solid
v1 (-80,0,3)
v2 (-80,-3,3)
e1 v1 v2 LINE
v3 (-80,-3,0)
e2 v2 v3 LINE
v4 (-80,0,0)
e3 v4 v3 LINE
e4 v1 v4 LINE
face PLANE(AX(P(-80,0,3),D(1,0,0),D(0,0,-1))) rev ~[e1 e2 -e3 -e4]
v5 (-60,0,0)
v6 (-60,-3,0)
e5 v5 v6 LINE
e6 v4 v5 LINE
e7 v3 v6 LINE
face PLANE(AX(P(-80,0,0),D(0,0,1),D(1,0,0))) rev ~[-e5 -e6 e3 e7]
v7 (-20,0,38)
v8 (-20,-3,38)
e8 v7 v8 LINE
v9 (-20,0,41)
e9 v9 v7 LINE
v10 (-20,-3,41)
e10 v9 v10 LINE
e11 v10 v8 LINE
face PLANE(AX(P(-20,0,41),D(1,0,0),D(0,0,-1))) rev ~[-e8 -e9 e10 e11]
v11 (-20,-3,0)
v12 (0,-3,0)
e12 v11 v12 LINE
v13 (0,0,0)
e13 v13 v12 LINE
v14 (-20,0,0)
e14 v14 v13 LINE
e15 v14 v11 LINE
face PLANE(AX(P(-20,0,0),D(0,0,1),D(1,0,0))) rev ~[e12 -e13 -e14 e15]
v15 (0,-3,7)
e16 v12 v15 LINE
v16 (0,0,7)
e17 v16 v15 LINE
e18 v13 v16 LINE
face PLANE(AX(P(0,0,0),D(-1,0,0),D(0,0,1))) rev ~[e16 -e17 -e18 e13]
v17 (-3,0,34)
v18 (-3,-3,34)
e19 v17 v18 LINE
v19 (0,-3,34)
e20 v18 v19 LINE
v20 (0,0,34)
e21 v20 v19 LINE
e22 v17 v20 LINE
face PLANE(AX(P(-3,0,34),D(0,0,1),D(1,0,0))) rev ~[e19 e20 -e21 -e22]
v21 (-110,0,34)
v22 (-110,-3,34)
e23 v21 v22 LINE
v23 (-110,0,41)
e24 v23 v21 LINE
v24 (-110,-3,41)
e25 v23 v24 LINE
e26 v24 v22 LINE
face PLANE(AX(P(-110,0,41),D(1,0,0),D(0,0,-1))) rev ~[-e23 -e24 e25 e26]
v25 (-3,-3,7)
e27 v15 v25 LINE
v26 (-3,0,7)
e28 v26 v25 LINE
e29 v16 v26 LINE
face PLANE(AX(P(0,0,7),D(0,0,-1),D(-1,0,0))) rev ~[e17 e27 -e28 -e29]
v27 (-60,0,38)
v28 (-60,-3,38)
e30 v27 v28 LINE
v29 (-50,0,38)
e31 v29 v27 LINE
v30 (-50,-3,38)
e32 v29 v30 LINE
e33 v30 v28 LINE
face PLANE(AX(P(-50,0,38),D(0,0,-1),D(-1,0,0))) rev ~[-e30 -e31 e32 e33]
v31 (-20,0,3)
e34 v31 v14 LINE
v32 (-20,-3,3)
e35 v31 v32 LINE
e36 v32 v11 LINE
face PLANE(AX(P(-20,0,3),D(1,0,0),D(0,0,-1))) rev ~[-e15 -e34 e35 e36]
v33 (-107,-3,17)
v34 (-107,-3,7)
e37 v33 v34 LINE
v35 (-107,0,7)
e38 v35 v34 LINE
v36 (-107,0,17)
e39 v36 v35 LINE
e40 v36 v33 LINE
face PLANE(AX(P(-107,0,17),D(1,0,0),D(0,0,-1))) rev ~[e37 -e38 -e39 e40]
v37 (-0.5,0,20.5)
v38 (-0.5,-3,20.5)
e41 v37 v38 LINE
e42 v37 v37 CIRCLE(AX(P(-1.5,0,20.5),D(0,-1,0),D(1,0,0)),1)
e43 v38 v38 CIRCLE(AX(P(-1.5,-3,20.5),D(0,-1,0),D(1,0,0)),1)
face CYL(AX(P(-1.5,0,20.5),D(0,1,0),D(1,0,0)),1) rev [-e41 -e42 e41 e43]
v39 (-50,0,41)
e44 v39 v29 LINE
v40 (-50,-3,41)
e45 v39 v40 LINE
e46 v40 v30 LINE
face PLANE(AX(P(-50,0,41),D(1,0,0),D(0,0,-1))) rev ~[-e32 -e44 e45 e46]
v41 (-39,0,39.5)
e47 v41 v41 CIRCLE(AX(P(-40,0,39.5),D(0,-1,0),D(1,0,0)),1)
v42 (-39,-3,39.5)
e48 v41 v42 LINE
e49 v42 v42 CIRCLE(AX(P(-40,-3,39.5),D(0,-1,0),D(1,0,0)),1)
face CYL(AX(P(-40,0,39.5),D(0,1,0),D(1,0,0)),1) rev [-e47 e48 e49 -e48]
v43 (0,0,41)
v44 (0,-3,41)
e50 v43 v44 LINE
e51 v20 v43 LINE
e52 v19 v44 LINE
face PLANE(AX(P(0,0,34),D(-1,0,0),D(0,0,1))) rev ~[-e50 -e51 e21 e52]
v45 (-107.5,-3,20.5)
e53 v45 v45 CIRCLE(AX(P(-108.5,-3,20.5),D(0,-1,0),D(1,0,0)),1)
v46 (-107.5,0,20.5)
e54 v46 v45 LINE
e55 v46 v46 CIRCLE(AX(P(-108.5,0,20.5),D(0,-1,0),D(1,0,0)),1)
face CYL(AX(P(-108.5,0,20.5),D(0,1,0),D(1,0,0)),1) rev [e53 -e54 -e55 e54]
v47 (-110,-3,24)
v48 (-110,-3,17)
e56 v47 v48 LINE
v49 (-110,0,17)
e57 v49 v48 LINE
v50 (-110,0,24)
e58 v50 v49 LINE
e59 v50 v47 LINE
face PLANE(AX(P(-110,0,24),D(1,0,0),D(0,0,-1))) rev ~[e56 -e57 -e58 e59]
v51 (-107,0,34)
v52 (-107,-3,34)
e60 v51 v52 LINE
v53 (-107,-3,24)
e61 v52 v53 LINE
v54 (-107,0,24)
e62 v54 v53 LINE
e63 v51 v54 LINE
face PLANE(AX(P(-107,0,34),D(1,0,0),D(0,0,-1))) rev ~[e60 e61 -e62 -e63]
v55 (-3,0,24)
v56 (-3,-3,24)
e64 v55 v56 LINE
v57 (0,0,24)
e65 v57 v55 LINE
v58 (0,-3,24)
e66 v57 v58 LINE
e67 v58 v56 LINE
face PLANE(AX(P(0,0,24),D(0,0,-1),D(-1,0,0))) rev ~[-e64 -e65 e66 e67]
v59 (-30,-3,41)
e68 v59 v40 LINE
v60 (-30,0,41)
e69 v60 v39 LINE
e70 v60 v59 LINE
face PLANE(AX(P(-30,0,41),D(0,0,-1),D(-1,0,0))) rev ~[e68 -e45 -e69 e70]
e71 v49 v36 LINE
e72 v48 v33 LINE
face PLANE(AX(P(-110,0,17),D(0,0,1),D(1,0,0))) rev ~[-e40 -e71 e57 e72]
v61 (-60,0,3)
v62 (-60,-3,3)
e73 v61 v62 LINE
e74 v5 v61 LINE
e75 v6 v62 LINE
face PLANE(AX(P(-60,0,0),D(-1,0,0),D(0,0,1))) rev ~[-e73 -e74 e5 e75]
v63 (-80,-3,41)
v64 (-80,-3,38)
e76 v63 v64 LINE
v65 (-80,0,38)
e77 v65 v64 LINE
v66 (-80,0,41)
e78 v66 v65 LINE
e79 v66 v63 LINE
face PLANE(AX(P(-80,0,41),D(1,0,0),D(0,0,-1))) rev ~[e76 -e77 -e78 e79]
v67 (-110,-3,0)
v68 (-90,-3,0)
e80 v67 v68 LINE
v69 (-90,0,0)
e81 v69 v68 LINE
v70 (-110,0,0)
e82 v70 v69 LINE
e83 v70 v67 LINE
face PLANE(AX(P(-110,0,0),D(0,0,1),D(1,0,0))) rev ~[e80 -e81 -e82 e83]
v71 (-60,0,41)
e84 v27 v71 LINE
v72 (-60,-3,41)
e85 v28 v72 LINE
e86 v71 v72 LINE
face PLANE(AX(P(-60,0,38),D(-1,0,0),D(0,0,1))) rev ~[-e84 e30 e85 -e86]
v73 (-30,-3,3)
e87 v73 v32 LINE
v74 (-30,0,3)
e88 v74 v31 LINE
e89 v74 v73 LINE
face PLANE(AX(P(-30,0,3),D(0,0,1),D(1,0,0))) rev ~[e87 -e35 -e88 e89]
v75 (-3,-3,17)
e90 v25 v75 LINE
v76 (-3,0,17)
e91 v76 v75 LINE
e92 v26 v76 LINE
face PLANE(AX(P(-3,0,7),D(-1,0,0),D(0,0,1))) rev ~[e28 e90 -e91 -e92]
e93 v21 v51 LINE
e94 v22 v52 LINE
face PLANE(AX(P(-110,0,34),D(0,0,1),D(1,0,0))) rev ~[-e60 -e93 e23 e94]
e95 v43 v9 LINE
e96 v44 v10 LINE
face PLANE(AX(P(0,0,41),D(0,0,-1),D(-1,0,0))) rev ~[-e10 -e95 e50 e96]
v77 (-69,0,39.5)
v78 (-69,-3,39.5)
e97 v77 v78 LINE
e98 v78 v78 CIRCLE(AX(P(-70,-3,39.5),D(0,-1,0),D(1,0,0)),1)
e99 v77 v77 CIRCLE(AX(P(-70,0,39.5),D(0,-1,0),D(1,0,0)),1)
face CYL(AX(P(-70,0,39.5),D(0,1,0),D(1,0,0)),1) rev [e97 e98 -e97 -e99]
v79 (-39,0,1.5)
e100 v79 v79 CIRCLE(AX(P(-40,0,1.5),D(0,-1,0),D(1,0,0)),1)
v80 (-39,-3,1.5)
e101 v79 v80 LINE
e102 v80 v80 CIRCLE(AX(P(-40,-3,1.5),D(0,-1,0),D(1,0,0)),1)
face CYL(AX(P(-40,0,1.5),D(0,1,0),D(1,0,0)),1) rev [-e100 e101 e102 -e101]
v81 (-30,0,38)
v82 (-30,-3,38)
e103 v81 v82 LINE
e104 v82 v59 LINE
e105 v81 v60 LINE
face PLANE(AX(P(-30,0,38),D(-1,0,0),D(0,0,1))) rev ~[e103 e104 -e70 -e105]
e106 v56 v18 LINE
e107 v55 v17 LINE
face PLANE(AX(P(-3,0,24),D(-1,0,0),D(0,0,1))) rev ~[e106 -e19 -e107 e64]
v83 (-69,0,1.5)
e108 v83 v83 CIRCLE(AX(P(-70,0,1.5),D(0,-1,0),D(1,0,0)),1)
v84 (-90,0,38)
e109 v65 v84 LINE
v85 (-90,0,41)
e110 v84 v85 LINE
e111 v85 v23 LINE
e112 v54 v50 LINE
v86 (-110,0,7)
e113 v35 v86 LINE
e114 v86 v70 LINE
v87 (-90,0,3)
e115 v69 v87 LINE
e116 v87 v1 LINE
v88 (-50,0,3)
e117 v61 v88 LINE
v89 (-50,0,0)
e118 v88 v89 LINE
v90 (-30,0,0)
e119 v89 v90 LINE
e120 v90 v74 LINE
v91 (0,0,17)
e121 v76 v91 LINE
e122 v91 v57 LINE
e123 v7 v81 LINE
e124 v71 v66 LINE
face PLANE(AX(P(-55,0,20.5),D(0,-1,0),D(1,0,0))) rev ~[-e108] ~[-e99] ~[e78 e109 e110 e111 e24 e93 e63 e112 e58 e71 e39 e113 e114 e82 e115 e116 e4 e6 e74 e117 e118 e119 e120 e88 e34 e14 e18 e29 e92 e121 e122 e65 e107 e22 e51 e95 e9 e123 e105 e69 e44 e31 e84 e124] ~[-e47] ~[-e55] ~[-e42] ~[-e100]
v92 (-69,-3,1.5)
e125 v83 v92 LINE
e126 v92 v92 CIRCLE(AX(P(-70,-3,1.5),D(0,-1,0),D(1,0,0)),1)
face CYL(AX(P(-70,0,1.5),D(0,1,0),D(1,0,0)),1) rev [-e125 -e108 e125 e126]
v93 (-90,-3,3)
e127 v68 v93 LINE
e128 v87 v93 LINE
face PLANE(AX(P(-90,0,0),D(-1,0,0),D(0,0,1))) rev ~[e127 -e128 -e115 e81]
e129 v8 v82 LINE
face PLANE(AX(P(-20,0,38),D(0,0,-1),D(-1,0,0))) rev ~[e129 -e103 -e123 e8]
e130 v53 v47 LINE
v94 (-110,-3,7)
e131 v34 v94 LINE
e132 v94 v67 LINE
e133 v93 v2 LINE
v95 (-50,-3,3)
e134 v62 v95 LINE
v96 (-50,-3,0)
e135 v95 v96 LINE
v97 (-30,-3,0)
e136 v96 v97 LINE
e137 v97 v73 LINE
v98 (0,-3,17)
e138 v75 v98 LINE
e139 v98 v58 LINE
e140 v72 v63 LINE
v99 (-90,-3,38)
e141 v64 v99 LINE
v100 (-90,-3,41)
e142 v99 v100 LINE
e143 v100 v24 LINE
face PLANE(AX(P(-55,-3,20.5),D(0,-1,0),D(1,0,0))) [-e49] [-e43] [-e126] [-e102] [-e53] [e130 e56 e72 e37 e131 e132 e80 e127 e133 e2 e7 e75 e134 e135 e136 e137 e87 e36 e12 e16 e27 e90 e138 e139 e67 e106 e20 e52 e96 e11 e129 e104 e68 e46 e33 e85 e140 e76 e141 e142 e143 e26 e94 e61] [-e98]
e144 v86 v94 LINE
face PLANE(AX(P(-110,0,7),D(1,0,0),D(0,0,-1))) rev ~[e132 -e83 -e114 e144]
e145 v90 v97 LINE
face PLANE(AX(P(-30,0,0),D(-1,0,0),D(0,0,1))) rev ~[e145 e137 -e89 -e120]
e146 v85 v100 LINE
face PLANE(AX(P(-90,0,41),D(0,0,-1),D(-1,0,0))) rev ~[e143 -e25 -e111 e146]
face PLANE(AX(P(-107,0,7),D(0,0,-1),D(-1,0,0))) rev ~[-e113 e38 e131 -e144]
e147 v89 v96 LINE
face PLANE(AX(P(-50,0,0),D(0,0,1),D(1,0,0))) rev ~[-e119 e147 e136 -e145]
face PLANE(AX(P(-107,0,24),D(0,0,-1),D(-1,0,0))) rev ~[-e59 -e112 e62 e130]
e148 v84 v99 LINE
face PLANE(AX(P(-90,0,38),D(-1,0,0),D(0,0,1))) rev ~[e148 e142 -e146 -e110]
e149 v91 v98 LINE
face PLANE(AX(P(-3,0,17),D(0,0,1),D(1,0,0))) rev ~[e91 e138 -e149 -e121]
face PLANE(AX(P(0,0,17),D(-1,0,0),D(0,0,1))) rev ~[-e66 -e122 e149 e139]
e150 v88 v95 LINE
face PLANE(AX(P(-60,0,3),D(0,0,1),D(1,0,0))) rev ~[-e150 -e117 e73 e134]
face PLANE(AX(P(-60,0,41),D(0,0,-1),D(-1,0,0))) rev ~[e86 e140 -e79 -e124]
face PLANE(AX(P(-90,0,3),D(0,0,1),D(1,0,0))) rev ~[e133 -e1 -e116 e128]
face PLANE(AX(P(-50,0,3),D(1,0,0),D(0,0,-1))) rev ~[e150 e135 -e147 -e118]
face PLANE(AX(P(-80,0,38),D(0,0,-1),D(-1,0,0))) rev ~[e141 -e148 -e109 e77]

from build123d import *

# Parameters (mm, degrees)
F0_R     = 1
F1_DEPTH = 3


with BuildPart() as f1:
    # F0 (on Front) → F1 (new body)
    with BuildSketch(Plane.XZ):
        Polygon((-20, 0), (0, 0), (0, 7), (-3, 7), (-3, 17), (0, 17), (0, 24), (-3, 24), (-3, 34), (0, 34), (0, 41), (-20, 41), (-20, 38), (-30, 38), (-30, 41), (-50, 41), (-50, 38), (-55, 38), (-60, 38), (-60, 41), (-80, 41), (-80, 38), (-90, 38), (-90, 41), (-110, 41), (-110, 34), (-107, 34), (-107, 24), (-110, 24), (-110, 17), (-107, 17), (-107, 7), (-110, 7), (-110, 0), (-90, 0), (-90, 3), (-80, 3), (-80, 0), (-60, 0), (-60, 3), (-55, 3), (-50, 3), (-50, 0), (-30, 0), (-30, 3), (-20, 3), align=None)
        with Locations((-70, 1.5)):
            Circle(F0_R, mode=Mode.SUBTRACT)
        with Locations((-40, 1.5)):
            Circle(F0_R, mode=Mode.SUBTRACT)
        with Locations((-108.5, 20.5)):
            Circle(F0_R, mode=Mode.SUBTRACT)
        with Locations((-70, 39.5)):
            Circle(F0_R, mode=Mode.SUBTRACT)
        with Locations((-1.5, 20.5)):
            Circle(F0_R, mode=Mode.SUBTRACT)
        with Locations((-40, 39.5)):
            Circle(F0_R, mode=Mode.SUBTRACT)
    extrude(amount=F1_DEPTH)


solid = f1.part
